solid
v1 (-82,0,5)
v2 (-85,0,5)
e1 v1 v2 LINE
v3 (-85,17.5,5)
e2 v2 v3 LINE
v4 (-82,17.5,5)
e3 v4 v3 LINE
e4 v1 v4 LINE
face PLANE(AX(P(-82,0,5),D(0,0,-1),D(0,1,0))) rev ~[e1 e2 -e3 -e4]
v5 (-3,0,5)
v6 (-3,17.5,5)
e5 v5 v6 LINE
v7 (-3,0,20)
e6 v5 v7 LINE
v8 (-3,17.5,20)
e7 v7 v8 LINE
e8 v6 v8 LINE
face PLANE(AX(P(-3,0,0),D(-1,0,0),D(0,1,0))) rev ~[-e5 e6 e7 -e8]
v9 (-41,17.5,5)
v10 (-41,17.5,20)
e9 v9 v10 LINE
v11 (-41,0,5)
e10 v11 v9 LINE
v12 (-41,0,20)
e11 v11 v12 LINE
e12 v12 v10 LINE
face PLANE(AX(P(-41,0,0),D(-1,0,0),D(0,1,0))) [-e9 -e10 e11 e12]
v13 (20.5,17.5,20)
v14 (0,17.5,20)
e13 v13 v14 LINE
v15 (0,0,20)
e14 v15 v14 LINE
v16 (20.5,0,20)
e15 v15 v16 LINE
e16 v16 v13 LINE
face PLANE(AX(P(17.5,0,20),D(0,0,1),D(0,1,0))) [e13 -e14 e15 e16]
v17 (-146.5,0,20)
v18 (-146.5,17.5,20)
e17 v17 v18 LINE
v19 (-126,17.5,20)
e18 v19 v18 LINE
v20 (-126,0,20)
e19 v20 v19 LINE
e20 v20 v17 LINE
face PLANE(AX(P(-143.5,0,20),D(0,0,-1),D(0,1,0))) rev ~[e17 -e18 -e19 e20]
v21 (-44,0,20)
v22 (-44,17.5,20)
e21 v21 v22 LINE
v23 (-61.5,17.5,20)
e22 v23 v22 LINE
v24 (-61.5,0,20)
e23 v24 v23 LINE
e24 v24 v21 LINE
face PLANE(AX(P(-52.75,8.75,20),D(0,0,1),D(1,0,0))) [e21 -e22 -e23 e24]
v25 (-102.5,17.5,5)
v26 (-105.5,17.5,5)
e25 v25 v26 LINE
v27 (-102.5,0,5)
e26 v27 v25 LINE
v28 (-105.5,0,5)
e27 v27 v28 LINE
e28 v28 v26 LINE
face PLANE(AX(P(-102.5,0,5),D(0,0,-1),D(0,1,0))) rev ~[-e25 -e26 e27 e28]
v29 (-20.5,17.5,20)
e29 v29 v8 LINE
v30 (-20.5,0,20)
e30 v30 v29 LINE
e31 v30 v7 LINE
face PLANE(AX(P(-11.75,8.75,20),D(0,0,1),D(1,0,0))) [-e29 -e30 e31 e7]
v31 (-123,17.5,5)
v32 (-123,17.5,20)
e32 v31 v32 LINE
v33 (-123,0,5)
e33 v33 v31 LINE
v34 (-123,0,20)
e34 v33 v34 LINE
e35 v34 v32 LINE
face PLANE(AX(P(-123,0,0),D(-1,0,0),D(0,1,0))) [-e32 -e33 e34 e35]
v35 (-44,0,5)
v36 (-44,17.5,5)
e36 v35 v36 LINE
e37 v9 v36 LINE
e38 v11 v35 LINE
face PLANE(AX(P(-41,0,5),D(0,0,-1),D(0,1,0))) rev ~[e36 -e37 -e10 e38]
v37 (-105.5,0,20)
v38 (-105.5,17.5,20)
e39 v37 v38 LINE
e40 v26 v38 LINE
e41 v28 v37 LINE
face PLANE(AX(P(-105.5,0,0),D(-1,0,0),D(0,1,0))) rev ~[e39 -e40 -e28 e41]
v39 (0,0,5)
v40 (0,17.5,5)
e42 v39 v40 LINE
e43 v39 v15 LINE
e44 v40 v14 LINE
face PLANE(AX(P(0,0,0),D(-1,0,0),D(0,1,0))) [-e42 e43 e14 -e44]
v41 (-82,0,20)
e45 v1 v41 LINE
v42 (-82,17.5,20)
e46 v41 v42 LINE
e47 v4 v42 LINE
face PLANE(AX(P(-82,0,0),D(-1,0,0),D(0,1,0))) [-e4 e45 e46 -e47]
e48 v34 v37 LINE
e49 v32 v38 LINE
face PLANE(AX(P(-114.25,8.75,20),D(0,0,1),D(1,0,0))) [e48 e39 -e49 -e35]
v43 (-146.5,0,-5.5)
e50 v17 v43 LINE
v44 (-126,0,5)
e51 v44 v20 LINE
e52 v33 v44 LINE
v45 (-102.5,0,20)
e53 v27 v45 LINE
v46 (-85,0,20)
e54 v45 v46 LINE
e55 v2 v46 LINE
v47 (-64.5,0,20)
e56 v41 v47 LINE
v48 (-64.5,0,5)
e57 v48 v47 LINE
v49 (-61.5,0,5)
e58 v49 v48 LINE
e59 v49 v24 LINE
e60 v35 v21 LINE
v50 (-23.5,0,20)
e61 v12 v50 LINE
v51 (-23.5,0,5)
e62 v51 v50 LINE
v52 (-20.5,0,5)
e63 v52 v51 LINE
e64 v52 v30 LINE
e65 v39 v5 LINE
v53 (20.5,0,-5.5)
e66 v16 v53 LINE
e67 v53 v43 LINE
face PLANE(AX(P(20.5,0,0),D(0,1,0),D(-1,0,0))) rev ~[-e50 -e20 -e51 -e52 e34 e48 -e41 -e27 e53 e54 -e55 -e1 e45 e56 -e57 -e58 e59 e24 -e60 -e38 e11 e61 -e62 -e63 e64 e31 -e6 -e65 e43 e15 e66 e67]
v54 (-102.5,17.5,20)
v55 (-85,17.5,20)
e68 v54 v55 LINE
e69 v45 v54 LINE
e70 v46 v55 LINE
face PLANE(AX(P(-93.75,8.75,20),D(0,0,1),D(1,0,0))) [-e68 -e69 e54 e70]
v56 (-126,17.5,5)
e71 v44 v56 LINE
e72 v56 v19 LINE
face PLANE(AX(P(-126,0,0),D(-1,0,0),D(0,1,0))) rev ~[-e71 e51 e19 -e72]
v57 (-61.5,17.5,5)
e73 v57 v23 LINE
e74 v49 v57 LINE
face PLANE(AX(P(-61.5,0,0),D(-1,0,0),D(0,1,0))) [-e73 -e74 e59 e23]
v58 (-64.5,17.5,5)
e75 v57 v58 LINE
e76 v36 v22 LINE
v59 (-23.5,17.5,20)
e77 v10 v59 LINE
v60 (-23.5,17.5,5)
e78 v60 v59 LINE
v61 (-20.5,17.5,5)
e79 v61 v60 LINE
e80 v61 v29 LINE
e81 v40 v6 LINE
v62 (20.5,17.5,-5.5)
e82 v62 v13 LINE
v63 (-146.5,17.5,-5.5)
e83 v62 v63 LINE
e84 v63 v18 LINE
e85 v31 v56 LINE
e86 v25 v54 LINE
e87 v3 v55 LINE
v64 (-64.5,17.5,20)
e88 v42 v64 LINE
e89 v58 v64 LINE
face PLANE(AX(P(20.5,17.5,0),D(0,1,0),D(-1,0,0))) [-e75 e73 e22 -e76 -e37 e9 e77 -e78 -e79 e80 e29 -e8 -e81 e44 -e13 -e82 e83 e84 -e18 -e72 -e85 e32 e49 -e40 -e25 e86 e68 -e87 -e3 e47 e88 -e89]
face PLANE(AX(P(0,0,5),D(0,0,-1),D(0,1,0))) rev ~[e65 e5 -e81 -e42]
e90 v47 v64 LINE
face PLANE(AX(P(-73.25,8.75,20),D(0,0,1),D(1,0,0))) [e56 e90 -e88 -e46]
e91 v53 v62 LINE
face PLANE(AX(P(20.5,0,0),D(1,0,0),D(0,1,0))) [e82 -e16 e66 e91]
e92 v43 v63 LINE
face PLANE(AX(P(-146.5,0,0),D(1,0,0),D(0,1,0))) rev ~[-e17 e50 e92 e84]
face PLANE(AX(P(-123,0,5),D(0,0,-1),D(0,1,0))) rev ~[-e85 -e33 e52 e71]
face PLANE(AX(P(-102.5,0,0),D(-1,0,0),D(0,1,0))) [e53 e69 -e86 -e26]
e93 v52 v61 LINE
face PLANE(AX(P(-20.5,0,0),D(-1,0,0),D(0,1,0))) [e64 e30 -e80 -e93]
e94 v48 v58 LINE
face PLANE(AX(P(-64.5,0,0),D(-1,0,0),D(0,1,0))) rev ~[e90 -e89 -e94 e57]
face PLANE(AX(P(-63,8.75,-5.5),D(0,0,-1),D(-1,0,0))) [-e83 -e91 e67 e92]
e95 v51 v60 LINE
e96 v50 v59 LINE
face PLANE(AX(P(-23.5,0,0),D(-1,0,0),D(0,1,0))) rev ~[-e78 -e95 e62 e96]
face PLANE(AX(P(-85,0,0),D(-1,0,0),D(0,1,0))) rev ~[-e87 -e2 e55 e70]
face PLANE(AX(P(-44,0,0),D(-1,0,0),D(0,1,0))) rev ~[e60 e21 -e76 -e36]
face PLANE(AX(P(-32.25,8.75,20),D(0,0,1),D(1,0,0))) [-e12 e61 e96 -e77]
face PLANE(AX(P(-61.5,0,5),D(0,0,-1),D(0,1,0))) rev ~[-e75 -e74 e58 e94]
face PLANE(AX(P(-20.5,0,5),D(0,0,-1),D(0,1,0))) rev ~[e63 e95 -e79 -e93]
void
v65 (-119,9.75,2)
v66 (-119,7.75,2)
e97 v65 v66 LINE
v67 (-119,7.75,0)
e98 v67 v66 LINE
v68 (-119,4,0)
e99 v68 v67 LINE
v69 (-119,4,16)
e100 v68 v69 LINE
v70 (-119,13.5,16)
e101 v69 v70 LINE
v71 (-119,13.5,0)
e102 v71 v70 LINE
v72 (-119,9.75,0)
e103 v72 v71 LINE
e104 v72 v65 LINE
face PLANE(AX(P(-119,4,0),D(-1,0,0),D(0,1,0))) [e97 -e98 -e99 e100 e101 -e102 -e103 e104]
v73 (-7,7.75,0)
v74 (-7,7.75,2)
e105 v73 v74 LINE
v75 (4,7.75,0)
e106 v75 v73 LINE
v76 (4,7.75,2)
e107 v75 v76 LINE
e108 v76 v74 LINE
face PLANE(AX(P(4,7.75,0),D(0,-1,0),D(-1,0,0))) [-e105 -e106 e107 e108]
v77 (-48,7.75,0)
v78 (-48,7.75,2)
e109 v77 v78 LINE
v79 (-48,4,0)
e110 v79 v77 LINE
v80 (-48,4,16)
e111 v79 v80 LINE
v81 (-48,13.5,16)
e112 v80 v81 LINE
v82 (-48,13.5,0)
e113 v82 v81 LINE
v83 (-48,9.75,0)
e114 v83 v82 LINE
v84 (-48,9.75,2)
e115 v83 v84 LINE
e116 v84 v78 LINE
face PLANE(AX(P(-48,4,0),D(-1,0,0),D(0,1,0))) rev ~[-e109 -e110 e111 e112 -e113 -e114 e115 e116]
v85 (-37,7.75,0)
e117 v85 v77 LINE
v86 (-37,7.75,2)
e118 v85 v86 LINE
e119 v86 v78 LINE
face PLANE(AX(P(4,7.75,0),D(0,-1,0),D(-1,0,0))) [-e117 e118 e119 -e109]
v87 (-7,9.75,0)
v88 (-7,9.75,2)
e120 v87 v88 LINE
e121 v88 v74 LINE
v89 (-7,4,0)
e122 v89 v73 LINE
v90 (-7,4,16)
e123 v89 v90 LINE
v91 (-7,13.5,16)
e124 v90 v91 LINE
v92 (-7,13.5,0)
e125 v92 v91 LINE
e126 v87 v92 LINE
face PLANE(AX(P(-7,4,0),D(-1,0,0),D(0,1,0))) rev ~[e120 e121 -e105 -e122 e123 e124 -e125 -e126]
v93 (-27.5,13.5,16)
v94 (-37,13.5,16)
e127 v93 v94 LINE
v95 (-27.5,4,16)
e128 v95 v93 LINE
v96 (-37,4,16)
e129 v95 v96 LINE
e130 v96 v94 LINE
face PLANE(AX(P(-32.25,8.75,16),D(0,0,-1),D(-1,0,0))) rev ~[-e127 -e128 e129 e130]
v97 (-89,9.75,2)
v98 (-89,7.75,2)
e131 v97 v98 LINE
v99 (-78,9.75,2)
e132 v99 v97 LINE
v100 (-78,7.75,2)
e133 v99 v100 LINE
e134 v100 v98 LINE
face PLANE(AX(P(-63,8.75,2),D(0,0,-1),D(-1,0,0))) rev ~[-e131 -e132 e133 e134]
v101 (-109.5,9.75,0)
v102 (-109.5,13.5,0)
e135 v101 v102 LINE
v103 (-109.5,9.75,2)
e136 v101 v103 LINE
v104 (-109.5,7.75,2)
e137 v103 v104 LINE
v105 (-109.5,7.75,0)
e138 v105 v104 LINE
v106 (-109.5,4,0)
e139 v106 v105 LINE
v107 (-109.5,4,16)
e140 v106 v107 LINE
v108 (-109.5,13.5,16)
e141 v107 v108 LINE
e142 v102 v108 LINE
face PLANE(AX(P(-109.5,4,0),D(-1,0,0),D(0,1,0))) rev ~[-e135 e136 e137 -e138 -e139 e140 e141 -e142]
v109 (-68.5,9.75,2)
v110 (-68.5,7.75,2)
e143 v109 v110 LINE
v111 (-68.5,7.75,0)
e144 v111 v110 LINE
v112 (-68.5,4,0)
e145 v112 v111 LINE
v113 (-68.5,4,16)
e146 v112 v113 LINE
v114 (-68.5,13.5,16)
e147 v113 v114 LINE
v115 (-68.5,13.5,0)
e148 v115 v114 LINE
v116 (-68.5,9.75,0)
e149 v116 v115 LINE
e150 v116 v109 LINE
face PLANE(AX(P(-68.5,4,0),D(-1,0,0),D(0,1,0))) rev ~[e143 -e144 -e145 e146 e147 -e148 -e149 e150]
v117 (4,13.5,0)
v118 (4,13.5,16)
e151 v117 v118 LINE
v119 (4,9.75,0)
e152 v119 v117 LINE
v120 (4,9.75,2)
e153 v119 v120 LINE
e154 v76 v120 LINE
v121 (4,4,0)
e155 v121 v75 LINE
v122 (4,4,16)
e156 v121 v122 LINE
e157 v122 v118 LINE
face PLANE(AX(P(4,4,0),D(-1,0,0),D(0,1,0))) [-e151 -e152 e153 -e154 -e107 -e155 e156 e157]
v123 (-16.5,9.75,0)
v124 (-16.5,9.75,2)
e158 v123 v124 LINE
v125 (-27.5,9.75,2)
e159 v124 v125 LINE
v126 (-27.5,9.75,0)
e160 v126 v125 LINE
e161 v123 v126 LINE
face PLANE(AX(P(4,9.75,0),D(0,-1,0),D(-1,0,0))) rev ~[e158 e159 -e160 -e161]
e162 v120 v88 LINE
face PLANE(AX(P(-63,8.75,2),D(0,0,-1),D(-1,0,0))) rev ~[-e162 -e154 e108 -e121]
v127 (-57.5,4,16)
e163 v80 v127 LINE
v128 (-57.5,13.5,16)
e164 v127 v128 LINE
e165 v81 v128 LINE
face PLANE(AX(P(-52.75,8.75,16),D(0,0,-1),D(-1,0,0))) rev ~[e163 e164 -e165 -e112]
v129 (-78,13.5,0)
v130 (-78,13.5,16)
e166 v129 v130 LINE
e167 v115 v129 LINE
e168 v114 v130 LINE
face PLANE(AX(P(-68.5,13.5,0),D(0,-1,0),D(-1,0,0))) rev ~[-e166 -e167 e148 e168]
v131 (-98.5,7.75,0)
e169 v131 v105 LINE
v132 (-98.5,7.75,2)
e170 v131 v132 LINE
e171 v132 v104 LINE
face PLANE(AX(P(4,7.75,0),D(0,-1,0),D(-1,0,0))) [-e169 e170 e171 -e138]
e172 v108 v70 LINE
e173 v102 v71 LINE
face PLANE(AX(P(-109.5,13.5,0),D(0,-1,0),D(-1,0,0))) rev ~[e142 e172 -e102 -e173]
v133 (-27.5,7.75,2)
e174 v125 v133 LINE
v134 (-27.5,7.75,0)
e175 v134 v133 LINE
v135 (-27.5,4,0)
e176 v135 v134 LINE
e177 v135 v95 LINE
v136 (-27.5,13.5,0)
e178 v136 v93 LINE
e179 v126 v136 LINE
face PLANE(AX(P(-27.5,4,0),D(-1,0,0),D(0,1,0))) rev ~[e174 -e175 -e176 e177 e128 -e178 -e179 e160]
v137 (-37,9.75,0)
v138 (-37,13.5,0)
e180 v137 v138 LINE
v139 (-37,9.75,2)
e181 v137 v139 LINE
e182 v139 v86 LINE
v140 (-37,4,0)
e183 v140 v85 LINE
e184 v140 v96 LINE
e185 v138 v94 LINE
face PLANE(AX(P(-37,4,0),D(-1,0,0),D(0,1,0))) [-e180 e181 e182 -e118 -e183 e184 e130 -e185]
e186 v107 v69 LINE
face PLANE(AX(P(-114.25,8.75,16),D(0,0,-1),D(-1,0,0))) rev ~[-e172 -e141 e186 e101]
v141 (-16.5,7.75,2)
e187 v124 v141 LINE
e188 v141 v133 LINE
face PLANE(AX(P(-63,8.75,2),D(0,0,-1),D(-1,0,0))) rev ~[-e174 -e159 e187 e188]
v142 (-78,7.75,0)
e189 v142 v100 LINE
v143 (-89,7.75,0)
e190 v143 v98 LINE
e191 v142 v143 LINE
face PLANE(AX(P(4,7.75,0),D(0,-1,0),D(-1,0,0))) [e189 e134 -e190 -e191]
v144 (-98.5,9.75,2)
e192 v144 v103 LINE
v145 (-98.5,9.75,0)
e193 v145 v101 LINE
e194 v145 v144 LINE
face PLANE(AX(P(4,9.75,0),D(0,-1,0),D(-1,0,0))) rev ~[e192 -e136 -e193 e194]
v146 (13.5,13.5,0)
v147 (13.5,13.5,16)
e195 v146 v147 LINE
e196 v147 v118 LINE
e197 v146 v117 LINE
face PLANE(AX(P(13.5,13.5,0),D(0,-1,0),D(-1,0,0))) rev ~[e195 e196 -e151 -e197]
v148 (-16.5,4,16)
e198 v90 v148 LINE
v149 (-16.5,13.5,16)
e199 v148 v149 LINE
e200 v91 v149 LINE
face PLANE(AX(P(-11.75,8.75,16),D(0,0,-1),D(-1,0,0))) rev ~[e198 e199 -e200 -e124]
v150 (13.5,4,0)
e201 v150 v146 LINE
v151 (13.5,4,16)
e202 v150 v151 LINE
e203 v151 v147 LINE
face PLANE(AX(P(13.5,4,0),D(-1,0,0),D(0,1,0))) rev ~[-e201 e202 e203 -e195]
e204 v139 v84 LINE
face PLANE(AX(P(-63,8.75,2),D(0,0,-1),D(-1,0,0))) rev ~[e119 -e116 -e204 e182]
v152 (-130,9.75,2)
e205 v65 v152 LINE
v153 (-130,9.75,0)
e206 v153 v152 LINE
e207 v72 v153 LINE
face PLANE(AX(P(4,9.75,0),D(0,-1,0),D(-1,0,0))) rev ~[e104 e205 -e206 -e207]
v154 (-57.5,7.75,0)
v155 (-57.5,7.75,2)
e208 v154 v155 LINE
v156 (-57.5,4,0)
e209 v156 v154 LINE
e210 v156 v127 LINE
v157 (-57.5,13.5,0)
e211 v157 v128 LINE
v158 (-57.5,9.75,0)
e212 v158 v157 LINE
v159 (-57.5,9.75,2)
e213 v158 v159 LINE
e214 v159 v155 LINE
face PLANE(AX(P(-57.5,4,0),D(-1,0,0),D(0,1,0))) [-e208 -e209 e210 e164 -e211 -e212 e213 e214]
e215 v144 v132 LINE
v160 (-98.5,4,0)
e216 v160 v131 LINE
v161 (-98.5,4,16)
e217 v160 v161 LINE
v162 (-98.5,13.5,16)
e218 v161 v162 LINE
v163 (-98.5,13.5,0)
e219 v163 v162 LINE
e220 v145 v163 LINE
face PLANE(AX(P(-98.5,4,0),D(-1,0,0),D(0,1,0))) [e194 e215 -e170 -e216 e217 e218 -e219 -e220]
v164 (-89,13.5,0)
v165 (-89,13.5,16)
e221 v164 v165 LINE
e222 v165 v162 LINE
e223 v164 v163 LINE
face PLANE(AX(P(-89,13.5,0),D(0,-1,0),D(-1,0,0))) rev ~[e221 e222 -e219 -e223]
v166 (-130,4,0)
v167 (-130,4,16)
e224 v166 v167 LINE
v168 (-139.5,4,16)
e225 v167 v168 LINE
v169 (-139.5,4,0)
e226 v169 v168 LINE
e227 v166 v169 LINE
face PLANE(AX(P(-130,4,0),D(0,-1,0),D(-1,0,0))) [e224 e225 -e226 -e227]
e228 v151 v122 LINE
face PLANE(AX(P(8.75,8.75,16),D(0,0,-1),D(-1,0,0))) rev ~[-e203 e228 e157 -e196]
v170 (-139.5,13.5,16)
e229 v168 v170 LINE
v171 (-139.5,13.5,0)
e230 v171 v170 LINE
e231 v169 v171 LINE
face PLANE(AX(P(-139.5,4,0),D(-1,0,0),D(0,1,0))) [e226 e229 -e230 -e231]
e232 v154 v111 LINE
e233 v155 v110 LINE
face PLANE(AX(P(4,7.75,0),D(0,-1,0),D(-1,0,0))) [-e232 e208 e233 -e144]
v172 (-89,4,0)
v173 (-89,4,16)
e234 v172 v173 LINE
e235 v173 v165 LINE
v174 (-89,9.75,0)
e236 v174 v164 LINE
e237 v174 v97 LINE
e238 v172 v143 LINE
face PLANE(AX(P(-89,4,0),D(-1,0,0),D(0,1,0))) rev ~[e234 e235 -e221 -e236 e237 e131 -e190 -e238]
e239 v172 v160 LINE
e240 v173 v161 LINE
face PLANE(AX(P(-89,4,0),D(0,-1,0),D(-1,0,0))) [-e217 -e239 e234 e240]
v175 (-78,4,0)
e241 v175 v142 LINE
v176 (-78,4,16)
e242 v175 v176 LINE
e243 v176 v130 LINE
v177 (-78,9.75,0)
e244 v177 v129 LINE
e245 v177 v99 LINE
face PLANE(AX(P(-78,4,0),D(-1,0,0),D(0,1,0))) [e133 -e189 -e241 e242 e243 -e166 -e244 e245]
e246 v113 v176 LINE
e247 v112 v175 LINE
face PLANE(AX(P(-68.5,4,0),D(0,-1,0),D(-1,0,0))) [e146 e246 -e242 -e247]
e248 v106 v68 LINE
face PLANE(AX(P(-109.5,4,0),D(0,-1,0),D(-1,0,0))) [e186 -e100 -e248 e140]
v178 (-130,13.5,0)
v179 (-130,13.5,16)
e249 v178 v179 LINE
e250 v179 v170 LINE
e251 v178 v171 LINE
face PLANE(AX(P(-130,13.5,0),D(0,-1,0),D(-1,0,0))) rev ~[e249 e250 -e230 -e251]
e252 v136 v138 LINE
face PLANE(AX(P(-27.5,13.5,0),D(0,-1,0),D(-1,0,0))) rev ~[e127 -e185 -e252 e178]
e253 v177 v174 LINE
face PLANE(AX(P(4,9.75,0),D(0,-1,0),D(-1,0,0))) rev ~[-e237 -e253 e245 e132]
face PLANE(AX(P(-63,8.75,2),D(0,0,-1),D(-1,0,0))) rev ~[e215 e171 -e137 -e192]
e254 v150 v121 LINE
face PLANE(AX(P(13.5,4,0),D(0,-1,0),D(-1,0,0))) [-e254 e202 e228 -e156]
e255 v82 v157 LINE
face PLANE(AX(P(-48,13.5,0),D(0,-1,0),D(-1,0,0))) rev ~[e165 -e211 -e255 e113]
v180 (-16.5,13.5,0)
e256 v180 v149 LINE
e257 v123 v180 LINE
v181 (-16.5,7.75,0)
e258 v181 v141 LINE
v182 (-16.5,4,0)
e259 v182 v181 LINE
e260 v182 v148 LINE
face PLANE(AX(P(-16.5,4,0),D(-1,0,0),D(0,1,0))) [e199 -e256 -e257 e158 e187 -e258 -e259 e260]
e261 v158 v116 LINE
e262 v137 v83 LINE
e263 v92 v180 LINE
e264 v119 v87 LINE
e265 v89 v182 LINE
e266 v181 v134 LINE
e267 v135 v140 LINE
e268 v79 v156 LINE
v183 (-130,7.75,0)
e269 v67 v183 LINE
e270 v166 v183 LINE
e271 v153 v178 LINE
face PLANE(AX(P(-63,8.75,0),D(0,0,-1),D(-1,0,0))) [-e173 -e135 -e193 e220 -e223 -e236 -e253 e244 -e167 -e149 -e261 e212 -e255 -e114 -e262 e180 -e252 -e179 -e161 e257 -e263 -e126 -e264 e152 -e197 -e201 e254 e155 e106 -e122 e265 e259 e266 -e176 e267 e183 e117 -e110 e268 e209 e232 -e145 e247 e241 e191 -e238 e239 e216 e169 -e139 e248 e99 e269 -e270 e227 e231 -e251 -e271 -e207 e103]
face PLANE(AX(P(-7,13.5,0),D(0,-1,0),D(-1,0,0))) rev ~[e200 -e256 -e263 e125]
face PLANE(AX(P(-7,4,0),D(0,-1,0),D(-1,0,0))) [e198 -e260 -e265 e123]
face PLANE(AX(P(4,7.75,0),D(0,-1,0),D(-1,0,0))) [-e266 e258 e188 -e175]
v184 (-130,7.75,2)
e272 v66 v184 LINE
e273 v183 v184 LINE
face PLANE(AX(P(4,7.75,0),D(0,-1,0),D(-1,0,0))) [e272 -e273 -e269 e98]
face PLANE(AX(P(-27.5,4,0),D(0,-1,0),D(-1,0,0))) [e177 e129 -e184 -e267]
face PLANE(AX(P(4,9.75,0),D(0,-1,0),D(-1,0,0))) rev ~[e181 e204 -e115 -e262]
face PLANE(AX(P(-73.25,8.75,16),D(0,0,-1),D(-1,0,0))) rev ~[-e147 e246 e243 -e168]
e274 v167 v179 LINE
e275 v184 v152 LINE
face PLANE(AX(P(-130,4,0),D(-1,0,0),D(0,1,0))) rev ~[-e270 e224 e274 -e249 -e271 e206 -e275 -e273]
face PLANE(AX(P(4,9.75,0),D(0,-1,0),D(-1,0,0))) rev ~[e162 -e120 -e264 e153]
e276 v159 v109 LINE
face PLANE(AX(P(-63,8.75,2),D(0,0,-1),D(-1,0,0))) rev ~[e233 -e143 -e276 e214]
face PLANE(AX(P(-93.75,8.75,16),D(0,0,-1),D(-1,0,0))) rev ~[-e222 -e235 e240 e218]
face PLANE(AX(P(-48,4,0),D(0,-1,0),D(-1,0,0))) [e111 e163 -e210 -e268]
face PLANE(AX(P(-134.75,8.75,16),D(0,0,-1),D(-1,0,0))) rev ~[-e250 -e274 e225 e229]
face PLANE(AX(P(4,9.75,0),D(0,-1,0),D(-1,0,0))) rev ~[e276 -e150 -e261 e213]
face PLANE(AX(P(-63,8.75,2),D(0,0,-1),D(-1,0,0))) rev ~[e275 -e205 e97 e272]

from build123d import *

# Parameters (mm, degrees)
SKETCH3_W           = 17.5
SKETCH3_H           = 17.5
BOSS_EXTRUDE2_DEPTH = 20
SKETCH4_W           = 9.5
SKETCH4_H           = 9.5
CUT_EXTRUDE1_DEPTH  = 16
SKETCH5_W           = 5
SKETCH5_H           = 17.5
BOSS_EXTRUDE3_DEPTH = 3
LPATTERN1_COUNT     = 8
LPATTERN1_PITCH     = 20.5
SKETCH6_W           = 15
SKETCH6_H           = 17.5
BOSS_EXTRUDE4_DEPTH = 3
SKETCH7_W           = 20
SKETCH7_H           = 17.5
BOSS_EXTRUDE5_DEPTH = 3
SKETCH8_W           = 134
SKETCH8_H           = 2
CUT_EXTRUDE2_DEPTH  = 2
SKETCH9_W           = 167
SKETCH9_H           = 17.5
BOSS_EXTRUDE6_DEPTH = 5.5


with BuildPart() as part:
    # Sketch3 → Boss-Extrude2 (new body)
    with BuildSketch(Plane.XY):
        with Locations((8.75, 8.75)):
            Rectangle(SKETCH3_W, SKETCH3_H)
    extrude(amount=BOSS_EXTRUDE2_DEPTH)

    # Sketch4 → Cut-Extrude1 (cut)
    with BuildSketch(Plane(origin=(0, 0, 0), x_dir=(-1, 0, 0), z_dir=(0, 0, -1))):
        with Locations((-8.75, 8.75)):
            Rectangle(SKETCH4_W, SKETCH4_H)
    extrude(amount=-CUT_EXTRUDE1_DEPTH, mode=Mode.SUBTRACT)

    # Sketch5 → Boss-Extrude3 (add)
    with BuildSketch(Plane.ZY):
        with Locations((2.5, 8.75)):
            Rectangle(SKETCH5_W, SKETCH5_H)
    extrude(amount=BOSS_EXTRUDE3_DEPTH)


with BuildPart() as lpattern1_1:
    # LPattern1: pattern copy
    add(part.part.moved(Location(Vector(-1, 0, 0) * (1 * LPATTERN1_PITCH))))


with BuildPart() as lpattern1_2:
    # LPattern1: pattern copy
    add(part.part.moved(Location(Vector(-1, 0, 0) * (2 * LPATTERN1_PITCH))))


with BuildPart() as lpattern1_3:
    # LPattern1: pattern copy
    add(part.part.moved(Location(Vector(-1, 0, 0) * (3 * LPATTERN1_PITCH))))


with BuildPart() as lpattern1_4:
    # LPattern1: pattern copy
    add(part.part.moved(Location(Vector(-1, 0, 0) * (4 * LPATTERN1_PITCH))))


with BuildPart() as lpattern1_5:
    # LPattern1: pattern copy
    add(part.part.moved(Location(Vector(-1, 0, 0) * (5 * LPATTERN1_PITCH))))


with BuildPart() as lpattern1_6:
    # LPattern1: pattern copy
    add(part.part.moved(Location(Vector(-1, 0, 0) * (6 * LPATTERN1_PITCH))))


with BuildPart() as lpattern1_7:
    # LPattern1: pattern copy
    add(part.part.moved(Location(Vector(-1, 0, 0) * (7 * LPATTERN1_PITCH))))


with BuildPart() as lpattern1_1_1:
    add(lpattern1_1.part)

    # Combine1: union LPattern1_2, LPattern1_3, part, LPattern1_4, LPattern1_5, LPattern1_6, LPattern1_7
    add(lpattern1_2.part)
    add(lpattern1_3.part)
    add(part.part)
    add(lpattern1_4.part)
    add(lpattern1_5.part)
    add(lpattern1_6.part)
    add(lpattern1_7.part)

    # Sketch6 → Boss-Extrude4 (add)
    with BuildSketch(Plane.ZY.offset(143.5)):
        with Locations((12.5, 8.75)):
            Rectangle(SKETCH6_W, SKETCH6_H)
    extrude(amount=BOSS_EXTRUDE4_DEPTH)

    # Sketch7 → Boss-Extrude5 (add)
    with BuildSketch(Plane(origin=(17.5, 0, 0), x_dir=(0, 0, -1), z_dir=(1, 0, 0))):
        with Locations((-10, 8.75)):
            Rectangle(SKETCH7_W, SKETCH7_H)
    extrude(amount=BOSS_EXTRUDE5_DEPTH)

    # Sketch8 → Cut-Extrude2 (cut)
    with BuildSketch(Plane(origin=(0, 0, 0), x_dir=(-1, 0, 0), z_dir=(0, 0, -1))):
        with Locations((63, 8.75)):
            Rectangle(SKETCH8_W, SKETCH8_H)
    extrude(amount=-CUT_EXTRUDE2_DEPTH, mode=Mode.SUBTRACT)

    # Sketch9 → Boss-Extrude6 (add)
    with BuildSketch(Plane(origin=(0, 0, 0), x_dir=(-1, 0, 0), z_dir=(0, 0, -1))):
        with Locations((63, 8.75)):
            Rectangle(SKETCH9_W, SKETCH9_H)
    extrude(amount=BOSS_EXTRUDE6_DEPTH)


solid = lpattern1_1_1.part
